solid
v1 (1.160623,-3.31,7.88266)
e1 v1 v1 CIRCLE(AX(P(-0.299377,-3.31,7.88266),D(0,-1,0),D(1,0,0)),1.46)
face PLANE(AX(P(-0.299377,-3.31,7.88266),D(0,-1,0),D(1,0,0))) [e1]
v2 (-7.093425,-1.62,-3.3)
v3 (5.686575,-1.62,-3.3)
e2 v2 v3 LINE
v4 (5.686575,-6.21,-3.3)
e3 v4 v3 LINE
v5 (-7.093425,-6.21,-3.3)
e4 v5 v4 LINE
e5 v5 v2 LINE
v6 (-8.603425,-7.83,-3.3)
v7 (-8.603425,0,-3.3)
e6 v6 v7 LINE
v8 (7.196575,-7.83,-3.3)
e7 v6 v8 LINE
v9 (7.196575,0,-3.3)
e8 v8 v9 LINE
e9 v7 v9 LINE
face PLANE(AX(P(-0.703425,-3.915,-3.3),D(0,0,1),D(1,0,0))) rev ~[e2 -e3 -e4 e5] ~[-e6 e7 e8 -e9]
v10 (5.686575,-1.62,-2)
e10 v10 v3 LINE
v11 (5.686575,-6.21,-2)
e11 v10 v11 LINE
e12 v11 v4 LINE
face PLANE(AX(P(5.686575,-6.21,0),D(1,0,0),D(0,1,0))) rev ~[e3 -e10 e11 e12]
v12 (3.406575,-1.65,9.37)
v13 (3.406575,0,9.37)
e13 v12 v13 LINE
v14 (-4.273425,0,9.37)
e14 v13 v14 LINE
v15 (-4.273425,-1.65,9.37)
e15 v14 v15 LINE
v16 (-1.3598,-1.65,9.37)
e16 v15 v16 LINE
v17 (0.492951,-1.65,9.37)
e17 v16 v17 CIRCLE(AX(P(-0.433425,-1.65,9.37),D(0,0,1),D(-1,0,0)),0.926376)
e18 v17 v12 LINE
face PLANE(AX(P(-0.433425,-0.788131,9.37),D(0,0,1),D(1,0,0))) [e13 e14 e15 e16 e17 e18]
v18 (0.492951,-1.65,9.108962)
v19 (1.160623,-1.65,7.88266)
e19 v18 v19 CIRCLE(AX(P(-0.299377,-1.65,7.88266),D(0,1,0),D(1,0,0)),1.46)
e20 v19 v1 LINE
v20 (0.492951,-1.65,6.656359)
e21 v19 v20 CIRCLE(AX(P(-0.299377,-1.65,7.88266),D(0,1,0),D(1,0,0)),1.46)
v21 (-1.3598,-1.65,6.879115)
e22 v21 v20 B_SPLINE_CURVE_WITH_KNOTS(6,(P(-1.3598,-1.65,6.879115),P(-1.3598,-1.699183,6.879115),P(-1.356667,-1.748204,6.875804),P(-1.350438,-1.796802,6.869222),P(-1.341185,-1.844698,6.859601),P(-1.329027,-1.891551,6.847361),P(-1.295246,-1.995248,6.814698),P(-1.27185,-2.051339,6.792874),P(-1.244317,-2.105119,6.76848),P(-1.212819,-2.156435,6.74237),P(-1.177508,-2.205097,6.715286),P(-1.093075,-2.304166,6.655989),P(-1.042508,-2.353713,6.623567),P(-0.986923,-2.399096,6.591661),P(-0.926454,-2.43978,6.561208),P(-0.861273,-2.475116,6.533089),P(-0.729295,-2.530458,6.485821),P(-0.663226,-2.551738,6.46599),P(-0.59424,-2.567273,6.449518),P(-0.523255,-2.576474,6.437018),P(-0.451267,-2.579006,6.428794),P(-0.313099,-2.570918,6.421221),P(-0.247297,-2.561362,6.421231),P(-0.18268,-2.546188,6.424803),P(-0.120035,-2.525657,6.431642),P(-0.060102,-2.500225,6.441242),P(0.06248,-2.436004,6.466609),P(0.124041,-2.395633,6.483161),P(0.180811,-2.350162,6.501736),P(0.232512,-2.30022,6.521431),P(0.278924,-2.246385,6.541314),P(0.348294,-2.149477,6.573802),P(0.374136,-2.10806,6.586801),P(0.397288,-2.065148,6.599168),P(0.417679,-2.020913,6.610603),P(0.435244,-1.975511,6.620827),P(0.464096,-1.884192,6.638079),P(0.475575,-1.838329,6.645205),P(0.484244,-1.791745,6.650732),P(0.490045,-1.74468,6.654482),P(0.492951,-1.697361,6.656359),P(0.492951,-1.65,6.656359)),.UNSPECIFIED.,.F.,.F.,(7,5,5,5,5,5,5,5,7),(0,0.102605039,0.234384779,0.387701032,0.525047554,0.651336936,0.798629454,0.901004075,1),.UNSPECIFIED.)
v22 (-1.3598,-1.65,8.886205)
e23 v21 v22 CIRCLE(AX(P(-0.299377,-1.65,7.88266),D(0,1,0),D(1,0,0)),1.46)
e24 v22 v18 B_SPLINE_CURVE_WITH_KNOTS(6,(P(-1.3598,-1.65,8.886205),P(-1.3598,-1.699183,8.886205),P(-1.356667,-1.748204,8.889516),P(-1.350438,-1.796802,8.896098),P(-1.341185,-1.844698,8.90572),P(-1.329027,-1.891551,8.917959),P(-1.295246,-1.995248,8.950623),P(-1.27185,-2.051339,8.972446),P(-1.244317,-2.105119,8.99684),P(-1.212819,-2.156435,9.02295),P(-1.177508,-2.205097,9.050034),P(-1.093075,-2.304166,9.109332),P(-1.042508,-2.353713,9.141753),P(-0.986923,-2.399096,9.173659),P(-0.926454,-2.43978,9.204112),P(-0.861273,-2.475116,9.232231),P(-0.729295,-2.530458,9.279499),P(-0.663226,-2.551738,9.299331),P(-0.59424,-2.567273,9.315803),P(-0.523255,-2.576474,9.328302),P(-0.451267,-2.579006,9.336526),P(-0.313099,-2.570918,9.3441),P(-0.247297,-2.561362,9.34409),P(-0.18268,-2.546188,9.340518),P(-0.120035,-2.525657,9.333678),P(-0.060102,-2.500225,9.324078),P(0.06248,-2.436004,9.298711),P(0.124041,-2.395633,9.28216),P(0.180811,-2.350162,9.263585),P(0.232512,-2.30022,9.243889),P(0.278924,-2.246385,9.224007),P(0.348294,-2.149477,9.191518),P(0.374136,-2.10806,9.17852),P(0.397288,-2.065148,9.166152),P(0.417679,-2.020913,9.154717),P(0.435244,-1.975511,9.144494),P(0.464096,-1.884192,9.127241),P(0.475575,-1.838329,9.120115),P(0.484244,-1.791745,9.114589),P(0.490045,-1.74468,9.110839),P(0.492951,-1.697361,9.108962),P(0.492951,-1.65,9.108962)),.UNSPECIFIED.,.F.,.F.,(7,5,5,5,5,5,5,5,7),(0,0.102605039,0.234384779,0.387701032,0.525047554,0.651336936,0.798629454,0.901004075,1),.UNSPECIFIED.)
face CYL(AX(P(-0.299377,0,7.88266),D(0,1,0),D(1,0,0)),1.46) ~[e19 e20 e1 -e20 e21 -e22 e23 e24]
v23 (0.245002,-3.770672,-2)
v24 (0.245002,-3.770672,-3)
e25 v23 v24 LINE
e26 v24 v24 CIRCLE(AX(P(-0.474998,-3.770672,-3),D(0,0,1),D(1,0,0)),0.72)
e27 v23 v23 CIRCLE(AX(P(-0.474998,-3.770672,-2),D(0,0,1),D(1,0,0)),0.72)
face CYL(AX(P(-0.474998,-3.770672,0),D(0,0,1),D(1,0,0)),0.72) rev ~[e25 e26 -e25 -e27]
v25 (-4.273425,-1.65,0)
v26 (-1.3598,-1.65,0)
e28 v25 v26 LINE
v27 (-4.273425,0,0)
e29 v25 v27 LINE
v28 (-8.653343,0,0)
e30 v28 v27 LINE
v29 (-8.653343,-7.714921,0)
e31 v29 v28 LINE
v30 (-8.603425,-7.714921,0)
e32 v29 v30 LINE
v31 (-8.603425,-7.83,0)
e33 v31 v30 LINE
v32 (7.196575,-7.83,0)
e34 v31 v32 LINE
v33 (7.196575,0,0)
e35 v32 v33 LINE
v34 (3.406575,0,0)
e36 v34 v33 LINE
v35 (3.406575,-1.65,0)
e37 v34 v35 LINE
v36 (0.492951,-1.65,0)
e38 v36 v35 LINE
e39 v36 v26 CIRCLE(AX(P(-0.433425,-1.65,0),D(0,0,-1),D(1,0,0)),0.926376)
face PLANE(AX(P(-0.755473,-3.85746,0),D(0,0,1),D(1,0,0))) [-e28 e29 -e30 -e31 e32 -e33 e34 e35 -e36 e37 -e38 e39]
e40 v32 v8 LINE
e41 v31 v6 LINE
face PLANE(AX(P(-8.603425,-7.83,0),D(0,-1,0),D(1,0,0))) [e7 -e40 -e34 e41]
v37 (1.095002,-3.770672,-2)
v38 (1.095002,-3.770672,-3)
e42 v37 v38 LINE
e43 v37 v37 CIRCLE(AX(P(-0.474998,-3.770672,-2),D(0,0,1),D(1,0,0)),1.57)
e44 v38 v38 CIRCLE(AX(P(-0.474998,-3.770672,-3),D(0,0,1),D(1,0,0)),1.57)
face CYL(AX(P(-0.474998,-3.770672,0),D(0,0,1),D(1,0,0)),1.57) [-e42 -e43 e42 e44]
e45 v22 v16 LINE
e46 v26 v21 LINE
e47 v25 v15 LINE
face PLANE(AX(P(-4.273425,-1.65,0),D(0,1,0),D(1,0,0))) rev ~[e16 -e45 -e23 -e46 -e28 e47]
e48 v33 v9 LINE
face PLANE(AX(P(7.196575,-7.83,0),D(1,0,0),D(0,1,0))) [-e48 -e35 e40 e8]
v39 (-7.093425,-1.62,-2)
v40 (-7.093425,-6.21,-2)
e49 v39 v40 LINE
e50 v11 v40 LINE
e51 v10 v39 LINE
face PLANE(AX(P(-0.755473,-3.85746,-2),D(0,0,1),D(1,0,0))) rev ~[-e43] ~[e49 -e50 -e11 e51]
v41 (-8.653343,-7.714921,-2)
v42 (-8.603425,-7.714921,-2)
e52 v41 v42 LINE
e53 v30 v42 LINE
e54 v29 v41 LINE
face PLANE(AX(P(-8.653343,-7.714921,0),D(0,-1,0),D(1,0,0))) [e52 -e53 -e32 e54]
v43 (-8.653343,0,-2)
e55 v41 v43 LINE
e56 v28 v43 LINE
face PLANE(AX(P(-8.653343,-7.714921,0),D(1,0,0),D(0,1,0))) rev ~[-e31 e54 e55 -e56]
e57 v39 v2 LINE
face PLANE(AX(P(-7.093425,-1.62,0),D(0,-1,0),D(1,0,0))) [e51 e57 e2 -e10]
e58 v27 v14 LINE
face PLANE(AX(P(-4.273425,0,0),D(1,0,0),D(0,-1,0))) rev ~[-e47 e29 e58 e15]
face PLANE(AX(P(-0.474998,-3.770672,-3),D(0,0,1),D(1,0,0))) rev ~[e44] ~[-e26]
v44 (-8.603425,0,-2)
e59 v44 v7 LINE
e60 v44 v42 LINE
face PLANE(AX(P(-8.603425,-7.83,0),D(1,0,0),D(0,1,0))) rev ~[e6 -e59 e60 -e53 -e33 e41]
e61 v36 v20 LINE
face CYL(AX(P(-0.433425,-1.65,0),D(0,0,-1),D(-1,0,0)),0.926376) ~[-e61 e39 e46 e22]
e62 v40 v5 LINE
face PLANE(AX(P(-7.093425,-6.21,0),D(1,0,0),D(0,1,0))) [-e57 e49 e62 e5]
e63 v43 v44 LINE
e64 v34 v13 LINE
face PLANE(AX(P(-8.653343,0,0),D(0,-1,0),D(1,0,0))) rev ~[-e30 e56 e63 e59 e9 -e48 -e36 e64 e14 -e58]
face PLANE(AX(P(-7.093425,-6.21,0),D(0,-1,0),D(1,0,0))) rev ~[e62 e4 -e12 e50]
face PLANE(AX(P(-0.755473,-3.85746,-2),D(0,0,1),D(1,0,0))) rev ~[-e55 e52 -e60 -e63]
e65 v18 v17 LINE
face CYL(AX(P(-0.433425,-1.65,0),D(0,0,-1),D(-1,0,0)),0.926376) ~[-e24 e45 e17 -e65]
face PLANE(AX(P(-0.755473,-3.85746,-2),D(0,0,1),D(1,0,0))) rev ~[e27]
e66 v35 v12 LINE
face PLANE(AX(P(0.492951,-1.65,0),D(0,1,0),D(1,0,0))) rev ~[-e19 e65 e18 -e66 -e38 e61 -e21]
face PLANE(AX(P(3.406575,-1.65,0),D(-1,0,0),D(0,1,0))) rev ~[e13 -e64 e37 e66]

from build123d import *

# Parameters (mm, degrees)
F0_W      = 15.8
F0_H      = 7.83
F1_DEPTH  = 3.3
F3_DEPTH  = 9.37
F4_R      = 1.46
F5_DEPTH  = 3.31
F6_W      = 12.78
F6_H      = 4.59
F7_DEPTH  = 25
F8_W      = 15.7957389019
F8_H      = 7.7149206772
F9_DEPTH  = 2
F10_R     = 1.57
F10_R_2   = 0.72
F11_DEPTH = 3


with BuildPart() as f1:
    # F0 (on Top) → F1 (new body)
    with BuildSketch(Plane.XY):
        with Locations((-0.7034245188, -3.915)):
            Rectangle(F0_W, F0_H)
    extrude(amount=-F1_DEPTH)

    # F2 (on Top) → F3 (join)
    with BuildSketch(Plane.XY):
        with BuildLine():
            Line((3.4065754812, 0), (-4.2734245188, 0))
            Line((-4.2734245188, 0), (-4.2734245188, -1.65))
            Line((-4.2734245188, -1.65), (-1.3598001921, -1.65))
            ThreePointArc((-1.3598001921, -1.65), (-0.4334245188, -0.7236243267), (0.4929511545, -1.65))
            Line((0.4929511545, -1.65), (3.4065754812, -1.65))
            Line((3.4065754812, -1.65), (3.4065754812, 0))
        make_face()
        with BuildLine():
            ThreePointArc((0.4929511545, -1.65), (-0.4334245188, -0.7236243267), (-1.3598001921, -1.65))
            Line((-1.3598001921, -1.65), (0.4929511545, -1.65))
        make_face()
        with BuildLine():
            Line((0.4929511545, -1.65), (-1.3598001921, -1.65))
            ThreePointArc((-1.3598001921, -1.65), (-0.4334245188, -2.5763756733), (0.4929511545, -1.65))
        make_face()
    extrude(amount=F3_DEPTH)

    # F4 (on Front) → F5 (join)
    with BuildSketch(Plane.XZ):
        with Locations((-0.2993772502, 7.8826601838)):
            Circle(F4_R)
    extrude(amount=F5_DEPTH)

    # F6 (on Top) → F7 (cut)
    with BuildSketch(Plane.XY):
        with Locations((-0.7034245188, -3.915)):
            Rectangle(F6_W, F6_H)
    extrude(amount=-F7_DEPTH, mode=Mode.SUBTRACT)

    # F8 (on Top) → F9 (join)
    with BuildSketch(Plane.XY):
        with Locations((-0.7554732729, -3.8574603386)):
            Rectangle(F8_W, F8_H)
    extrude(amount=-F9_DEPTH)

    # F10 (on Top) → F11 (join)
    with BuildSketch(Plane.XY):
        with Locations((-0.4749980129, -3.7706719508)):
            Circle(F10_R)
        with Locations((-0.4749980129, -3.7706719508)):
            Circle(F10_R_2, mode=Mode.SUBTRACT)
    extrude(amount=-F11_DEPTH)


solid = f1.part
